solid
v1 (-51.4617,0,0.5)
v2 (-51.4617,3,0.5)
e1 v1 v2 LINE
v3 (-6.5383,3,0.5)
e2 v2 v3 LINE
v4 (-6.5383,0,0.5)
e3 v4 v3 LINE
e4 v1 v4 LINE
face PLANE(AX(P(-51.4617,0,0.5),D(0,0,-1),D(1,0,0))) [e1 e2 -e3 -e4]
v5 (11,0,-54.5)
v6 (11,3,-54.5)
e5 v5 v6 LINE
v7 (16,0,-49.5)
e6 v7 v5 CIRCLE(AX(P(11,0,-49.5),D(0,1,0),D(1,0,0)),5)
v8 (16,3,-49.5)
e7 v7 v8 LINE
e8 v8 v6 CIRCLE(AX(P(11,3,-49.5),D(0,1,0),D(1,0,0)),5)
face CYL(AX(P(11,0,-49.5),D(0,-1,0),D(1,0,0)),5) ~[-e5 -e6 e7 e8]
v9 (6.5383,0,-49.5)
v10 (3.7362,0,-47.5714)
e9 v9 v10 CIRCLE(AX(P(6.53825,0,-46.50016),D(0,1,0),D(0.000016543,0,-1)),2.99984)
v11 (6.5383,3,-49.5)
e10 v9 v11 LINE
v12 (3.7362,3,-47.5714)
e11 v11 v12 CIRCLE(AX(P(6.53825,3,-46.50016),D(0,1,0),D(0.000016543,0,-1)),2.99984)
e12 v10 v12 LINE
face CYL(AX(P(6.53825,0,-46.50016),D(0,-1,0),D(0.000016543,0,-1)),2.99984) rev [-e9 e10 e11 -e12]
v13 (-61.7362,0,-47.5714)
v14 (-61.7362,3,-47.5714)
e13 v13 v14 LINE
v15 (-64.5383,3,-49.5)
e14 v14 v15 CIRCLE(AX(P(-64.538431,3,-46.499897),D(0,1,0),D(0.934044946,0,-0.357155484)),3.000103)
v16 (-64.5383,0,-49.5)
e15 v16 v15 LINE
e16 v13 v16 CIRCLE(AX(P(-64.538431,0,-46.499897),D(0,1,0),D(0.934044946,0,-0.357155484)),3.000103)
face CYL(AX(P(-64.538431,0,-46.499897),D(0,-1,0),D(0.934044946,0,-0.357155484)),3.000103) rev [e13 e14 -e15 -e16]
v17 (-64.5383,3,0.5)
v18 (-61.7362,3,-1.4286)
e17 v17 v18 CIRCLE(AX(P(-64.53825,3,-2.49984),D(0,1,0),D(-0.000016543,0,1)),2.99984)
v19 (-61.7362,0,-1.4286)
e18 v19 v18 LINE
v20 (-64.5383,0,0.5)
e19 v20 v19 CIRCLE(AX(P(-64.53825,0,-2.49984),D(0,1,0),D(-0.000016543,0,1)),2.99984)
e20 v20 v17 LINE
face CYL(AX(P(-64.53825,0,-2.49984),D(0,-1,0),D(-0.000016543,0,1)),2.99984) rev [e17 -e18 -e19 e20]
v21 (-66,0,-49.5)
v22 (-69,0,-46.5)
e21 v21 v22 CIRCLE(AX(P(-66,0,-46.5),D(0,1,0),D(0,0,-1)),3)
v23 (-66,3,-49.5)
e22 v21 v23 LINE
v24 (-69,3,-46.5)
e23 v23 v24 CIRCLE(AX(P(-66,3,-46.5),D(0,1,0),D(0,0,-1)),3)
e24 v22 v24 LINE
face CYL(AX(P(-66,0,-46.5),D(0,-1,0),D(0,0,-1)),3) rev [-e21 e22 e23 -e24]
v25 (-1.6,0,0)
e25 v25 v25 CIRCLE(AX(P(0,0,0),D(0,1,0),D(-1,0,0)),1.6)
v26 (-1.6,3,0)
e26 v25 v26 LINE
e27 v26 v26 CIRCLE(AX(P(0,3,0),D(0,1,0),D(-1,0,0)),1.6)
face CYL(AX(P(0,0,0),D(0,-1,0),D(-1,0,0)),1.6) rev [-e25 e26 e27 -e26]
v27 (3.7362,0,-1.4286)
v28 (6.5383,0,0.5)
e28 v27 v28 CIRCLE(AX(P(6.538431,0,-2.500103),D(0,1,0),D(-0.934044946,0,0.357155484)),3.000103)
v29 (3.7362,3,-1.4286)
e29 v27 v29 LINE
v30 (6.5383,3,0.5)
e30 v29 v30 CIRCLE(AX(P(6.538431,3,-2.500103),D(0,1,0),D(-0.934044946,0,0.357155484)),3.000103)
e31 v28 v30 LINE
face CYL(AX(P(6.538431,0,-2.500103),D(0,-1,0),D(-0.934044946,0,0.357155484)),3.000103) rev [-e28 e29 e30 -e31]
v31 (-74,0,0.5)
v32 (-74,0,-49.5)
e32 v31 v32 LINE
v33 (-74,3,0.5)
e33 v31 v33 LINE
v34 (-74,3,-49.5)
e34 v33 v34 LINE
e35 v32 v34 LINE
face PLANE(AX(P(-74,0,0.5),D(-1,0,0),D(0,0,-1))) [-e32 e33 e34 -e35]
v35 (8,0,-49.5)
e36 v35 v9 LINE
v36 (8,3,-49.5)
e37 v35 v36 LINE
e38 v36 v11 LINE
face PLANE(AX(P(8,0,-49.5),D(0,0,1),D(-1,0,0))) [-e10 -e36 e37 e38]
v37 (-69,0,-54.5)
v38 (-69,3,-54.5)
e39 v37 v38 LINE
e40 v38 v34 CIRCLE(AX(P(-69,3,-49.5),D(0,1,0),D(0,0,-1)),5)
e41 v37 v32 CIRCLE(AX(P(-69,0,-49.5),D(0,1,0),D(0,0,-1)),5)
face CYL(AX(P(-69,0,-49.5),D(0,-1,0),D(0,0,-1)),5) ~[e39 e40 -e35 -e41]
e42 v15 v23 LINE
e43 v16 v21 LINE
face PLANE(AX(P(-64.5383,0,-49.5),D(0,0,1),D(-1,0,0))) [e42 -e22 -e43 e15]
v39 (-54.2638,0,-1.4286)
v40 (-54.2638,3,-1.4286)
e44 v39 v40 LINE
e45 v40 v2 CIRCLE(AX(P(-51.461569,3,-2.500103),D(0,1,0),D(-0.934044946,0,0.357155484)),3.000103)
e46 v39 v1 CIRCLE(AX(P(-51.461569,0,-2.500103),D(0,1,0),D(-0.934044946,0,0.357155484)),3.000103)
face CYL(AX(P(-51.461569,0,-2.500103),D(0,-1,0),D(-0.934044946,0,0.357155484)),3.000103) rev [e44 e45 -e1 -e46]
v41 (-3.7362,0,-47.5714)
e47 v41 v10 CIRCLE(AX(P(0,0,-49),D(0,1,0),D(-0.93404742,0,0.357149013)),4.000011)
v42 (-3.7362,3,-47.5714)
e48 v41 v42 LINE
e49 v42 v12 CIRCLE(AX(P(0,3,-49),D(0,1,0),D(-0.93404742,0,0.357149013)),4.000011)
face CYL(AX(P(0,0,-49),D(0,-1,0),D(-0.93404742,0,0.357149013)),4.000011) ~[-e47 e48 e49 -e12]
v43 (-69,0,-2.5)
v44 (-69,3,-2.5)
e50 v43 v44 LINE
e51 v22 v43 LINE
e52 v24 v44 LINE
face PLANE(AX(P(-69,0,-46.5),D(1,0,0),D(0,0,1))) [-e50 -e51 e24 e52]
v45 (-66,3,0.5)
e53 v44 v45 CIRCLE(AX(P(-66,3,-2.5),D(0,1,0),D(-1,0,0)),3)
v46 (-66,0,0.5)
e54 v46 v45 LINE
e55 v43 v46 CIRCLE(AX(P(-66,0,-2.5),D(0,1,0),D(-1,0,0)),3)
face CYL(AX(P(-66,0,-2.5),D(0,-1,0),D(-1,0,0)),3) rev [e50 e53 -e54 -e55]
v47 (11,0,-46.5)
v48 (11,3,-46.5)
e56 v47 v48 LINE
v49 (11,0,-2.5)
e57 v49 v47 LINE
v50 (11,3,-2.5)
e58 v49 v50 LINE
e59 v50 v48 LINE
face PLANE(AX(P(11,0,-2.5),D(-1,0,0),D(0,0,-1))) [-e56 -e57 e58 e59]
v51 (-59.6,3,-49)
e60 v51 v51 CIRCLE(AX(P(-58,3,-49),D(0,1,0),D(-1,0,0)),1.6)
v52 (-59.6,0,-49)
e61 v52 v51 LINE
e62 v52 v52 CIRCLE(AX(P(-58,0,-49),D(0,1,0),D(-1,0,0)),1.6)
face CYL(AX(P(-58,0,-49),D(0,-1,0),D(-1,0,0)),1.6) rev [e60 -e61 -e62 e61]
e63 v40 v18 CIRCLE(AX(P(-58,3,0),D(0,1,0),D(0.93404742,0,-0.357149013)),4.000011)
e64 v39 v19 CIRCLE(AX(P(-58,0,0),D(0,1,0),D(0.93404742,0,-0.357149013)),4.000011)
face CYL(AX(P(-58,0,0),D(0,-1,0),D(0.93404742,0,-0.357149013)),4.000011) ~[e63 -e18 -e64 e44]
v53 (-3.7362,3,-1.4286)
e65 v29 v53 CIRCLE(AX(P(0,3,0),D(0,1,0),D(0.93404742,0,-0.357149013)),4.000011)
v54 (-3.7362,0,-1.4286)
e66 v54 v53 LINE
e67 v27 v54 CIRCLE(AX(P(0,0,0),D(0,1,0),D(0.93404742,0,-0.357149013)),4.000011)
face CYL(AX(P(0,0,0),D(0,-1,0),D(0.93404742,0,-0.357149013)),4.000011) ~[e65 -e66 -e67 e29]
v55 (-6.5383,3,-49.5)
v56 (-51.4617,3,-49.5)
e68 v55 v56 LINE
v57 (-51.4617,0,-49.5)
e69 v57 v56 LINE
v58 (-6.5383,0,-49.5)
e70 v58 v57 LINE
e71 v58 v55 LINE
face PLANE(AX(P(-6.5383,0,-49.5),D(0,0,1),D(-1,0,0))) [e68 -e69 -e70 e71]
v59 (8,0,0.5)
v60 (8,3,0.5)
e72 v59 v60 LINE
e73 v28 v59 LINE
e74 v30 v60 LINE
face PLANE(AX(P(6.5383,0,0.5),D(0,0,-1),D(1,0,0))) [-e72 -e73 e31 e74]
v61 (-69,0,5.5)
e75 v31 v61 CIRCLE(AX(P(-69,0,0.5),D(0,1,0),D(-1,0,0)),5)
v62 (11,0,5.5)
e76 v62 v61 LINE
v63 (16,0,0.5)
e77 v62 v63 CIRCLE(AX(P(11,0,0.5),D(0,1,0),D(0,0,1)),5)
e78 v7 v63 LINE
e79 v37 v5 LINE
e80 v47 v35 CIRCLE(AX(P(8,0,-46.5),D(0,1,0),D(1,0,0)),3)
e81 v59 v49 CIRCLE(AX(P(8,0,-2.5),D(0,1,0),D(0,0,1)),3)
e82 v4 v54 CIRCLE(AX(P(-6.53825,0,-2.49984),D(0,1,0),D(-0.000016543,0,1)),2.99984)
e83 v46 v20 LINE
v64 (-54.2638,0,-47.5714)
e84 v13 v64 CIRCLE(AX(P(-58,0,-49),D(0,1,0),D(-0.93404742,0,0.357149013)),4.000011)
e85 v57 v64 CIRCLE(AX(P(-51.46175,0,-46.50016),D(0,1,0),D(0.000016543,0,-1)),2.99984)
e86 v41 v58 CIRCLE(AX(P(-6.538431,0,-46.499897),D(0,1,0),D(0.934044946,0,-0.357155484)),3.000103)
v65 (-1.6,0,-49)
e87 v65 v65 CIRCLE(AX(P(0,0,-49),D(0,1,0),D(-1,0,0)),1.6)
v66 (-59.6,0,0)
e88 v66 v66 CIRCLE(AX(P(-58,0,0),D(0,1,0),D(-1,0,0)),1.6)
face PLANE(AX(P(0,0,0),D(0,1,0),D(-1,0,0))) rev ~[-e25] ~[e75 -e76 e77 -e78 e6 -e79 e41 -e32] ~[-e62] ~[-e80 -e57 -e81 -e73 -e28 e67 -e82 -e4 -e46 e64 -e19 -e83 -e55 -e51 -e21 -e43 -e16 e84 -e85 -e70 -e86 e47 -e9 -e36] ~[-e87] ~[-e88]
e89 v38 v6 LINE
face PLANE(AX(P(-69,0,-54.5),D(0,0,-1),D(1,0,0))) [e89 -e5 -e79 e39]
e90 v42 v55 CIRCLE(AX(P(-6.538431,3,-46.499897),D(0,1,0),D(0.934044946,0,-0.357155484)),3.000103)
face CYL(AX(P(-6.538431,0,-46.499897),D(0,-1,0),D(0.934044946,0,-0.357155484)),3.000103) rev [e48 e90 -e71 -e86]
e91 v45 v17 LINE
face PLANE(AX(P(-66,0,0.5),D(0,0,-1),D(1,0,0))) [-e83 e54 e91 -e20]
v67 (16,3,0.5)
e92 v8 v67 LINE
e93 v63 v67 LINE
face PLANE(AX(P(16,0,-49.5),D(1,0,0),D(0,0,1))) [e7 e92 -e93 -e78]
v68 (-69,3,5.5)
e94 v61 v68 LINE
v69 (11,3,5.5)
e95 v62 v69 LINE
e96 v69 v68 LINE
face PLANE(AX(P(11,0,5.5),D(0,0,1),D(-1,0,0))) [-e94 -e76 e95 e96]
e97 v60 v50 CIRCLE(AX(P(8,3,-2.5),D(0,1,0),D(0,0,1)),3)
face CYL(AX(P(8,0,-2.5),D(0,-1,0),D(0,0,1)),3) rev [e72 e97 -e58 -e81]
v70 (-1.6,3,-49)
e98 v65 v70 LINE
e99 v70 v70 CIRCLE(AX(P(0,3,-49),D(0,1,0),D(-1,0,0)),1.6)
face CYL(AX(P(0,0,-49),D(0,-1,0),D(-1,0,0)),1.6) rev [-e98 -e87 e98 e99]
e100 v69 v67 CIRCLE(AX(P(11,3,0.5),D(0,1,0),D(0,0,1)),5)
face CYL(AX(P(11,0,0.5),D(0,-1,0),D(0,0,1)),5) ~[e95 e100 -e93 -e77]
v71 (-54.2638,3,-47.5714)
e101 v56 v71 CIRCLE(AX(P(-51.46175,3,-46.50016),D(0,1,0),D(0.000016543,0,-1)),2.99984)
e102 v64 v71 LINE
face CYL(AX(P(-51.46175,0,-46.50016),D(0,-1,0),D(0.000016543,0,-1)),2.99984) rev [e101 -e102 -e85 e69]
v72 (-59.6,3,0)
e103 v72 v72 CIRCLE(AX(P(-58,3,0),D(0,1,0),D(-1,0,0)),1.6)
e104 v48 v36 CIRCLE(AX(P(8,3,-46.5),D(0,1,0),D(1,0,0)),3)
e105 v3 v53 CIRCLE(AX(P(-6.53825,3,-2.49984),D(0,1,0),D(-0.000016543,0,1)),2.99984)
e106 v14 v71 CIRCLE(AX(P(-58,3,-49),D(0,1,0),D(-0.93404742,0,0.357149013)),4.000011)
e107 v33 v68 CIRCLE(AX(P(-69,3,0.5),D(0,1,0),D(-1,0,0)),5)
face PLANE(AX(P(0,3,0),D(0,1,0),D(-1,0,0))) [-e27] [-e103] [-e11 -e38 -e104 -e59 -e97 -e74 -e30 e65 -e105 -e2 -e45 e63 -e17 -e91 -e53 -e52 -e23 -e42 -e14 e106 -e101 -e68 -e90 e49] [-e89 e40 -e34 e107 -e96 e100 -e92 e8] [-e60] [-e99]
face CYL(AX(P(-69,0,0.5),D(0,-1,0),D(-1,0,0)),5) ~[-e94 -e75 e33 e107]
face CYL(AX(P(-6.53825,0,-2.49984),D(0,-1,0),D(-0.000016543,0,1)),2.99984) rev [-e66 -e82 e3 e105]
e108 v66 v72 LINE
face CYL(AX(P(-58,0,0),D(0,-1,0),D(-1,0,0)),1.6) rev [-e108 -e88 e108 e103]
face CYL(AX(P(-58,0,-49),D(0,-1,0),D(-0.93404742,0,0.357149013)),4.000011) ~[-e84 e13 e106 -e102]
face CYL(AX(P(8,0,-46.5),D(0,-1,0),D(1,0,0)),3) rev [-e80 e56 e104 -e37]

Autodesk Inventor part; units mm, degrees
ref_plane "YZ Plane" through (0, 0, 0) normal (1, 0, 0) x (0, 1, 0)
ref_plane "XZ Plane" through (0, 0, 0) normal (0, 1, 0) x (-1, 0, 0)
ref_plane "XY Plane" through (0, 0, 0) normal (0, 0, 1) x (1, 0, 0)
sketch "Sketch1" plane through (0, 0, 0) normal (0, 1, 0) x (-1, 0, 0)
  line L0 (0, 0) -> (58, 0) construction
  line L1 (58, 0) -> (58, -49) construction
  line L2 (58, -49) -> (0, -49) construction
  line L3 (0, -49) -> (0, 0) construction
  circle A0 centre (58, -49) radius 1.6
  circle A1 centre (0, -49) radius 1.6
  circle A2 centre (58, 0) radius 1.6
  circle A3 centre (0, 0) radius 1.6
  line L4 (74, -24.5) -> (-16, -24.5) construction
  line L5 (29, -54.5) -> (29, 5.5) construction
  line L6 (69, -54.5) -> (-11, -54.5)
  line L7 (-16, -49.5) -> (-16, 0.5)
  line L8 (-11, 5.5) -> (69, 5.5)
  line L9 (74, 0.5) -> (74, -49.5)
  arc A4 (69, -54.5) -> (74, -49.5) centre (69, -49.5) ccw
  arc A5 (-16, -49.5) -> (-11, -54.5) centre (-11, -49.5) ccw
  arc A6 (-11, 5.5) -> (-16, 0.5) centre (-11, 0.5) ccw
  arc A7 (74, 0.5) -> (69, 5.5) centre (69, 0.5) ccw
  line L10 (-8, -49.5) -> (-6.5383, -49.5)
  line L11 (69, -46.5) -> (69, -2.5)
  line L12 (66, 0.5) -> (64.5383, 0.5)
  line L13 (-11, -2.5) -> (-11, -46.5)
  arc A8 (61.7362, -47.5714) -> (54.2638, -47.5714) centre (58, -49) ccw
  arc A9 (3.7362, -47.5714) -> (-3.7362, -47.5714) centre (0, -49) ccw
  arc A10 (-3.7362, -1.4286) -> (3.7362, -1.4286) centre (0, 0) ccw
  arc A11 (54.2638, -1.4286) -> (61.7362, -1.4286) centre (58, 0) ccw
  arc A12 (54.0314, -49.5) -> (61.9686, -49.5) centre (58, -49) ccw construction
  arc A13 (-3.9686, -49.5) -> (3.9686, -49.5) centre (0, -49) ccw construction
  arc A14 (3.9686, 0.5) -> (-3.9686, 0.5) centre (0, 0) ccw construction
  arc A15 (61.9686, 0.5) -> (54.0314, 0.5) centre (58, 0) ccw construction
  line L14 (64.5383, -49.5) -> (66, -49.5)
  line L15 (51.4617, 0.5) -> (6.5383, 0.5)
  line L16 (-6.5383, 0.5) -> (-8, 0.5)
  line L17 (6.5383, -49.5) -> (51.4617, -49.5)
  arc A16 (61.7362, -47.5714) -> (64.5383, -49.5) centre (64.5383, -46.5) ccw
  arc A17 (51.4617, -49.5) -> (54.2638, -47.5714) centre (51.4617, -46.5) ccw
  arc A18 (64.5383, 0.5) -> (61.7362, -1.4286) centre (64.5383, -2.5) ccw
  arc A19 (54.2638, -1.4286) -> (51.4617, 0.5) centre (51.4617, -2.5) ccw
  arc A20 (6.5383, 0.5) -> (3.7362, -1.4286) centre (6.5383, -2.5) ccw
  arc A21 (-3.7362, -1.4286) -> (-6.5383, 0.5) centre (-6.5383, -2.5) ccw
  arc A22 (-6.5383, -49.5) -> (-3.7362, -47.5714) centre (-6.5383, -46.5) ccw
  arc A23 (3.7362, -47.5714) -> (6.5383, -49.5) centre (6.5383, -46.5) ccw
  arc A24 (66, -49.5) -> (69, -46.5) centre (66, -46.5) ccw
  arc A25 (69, -2.5) -> (66, 0.5) centre (66, -2.5) ccw
  arc A26 (-8, 0.5) -> (-11, -2.5) centre (-8, -2.5) ccw
  arc A27 (-11, -46.5) -> (-8, -49.5) centre (-8, -46.5) ccw
  point P0 (29, -49)
  point P1 (0, -24.5)
  point P2 (58, -24.5)
  point P3 (29, 0)
  point P4 (29, -24.5)
  dimension "d0" = 3.2
  dimension "d1" = 58
  dimension "d2" = 49
  dimension "d3" = 5
  dimension "d4" = 90
  dimension "d5" = 60
  dimension "d6" = 5
  dimension "d7" = 8
  dimension "d8" = 5
  dimension "d9" = 5
  dimension "d10" = 5
  dimension "d11" = 3
extrude "Extrusion1" add sketch "Sketch1" along normal blind 3
equation "\"d8\" = d6"
equation "\"d9\" = d6"
equation "\"d10\" = d6"
properties part number "RemoteDisplayMount"
